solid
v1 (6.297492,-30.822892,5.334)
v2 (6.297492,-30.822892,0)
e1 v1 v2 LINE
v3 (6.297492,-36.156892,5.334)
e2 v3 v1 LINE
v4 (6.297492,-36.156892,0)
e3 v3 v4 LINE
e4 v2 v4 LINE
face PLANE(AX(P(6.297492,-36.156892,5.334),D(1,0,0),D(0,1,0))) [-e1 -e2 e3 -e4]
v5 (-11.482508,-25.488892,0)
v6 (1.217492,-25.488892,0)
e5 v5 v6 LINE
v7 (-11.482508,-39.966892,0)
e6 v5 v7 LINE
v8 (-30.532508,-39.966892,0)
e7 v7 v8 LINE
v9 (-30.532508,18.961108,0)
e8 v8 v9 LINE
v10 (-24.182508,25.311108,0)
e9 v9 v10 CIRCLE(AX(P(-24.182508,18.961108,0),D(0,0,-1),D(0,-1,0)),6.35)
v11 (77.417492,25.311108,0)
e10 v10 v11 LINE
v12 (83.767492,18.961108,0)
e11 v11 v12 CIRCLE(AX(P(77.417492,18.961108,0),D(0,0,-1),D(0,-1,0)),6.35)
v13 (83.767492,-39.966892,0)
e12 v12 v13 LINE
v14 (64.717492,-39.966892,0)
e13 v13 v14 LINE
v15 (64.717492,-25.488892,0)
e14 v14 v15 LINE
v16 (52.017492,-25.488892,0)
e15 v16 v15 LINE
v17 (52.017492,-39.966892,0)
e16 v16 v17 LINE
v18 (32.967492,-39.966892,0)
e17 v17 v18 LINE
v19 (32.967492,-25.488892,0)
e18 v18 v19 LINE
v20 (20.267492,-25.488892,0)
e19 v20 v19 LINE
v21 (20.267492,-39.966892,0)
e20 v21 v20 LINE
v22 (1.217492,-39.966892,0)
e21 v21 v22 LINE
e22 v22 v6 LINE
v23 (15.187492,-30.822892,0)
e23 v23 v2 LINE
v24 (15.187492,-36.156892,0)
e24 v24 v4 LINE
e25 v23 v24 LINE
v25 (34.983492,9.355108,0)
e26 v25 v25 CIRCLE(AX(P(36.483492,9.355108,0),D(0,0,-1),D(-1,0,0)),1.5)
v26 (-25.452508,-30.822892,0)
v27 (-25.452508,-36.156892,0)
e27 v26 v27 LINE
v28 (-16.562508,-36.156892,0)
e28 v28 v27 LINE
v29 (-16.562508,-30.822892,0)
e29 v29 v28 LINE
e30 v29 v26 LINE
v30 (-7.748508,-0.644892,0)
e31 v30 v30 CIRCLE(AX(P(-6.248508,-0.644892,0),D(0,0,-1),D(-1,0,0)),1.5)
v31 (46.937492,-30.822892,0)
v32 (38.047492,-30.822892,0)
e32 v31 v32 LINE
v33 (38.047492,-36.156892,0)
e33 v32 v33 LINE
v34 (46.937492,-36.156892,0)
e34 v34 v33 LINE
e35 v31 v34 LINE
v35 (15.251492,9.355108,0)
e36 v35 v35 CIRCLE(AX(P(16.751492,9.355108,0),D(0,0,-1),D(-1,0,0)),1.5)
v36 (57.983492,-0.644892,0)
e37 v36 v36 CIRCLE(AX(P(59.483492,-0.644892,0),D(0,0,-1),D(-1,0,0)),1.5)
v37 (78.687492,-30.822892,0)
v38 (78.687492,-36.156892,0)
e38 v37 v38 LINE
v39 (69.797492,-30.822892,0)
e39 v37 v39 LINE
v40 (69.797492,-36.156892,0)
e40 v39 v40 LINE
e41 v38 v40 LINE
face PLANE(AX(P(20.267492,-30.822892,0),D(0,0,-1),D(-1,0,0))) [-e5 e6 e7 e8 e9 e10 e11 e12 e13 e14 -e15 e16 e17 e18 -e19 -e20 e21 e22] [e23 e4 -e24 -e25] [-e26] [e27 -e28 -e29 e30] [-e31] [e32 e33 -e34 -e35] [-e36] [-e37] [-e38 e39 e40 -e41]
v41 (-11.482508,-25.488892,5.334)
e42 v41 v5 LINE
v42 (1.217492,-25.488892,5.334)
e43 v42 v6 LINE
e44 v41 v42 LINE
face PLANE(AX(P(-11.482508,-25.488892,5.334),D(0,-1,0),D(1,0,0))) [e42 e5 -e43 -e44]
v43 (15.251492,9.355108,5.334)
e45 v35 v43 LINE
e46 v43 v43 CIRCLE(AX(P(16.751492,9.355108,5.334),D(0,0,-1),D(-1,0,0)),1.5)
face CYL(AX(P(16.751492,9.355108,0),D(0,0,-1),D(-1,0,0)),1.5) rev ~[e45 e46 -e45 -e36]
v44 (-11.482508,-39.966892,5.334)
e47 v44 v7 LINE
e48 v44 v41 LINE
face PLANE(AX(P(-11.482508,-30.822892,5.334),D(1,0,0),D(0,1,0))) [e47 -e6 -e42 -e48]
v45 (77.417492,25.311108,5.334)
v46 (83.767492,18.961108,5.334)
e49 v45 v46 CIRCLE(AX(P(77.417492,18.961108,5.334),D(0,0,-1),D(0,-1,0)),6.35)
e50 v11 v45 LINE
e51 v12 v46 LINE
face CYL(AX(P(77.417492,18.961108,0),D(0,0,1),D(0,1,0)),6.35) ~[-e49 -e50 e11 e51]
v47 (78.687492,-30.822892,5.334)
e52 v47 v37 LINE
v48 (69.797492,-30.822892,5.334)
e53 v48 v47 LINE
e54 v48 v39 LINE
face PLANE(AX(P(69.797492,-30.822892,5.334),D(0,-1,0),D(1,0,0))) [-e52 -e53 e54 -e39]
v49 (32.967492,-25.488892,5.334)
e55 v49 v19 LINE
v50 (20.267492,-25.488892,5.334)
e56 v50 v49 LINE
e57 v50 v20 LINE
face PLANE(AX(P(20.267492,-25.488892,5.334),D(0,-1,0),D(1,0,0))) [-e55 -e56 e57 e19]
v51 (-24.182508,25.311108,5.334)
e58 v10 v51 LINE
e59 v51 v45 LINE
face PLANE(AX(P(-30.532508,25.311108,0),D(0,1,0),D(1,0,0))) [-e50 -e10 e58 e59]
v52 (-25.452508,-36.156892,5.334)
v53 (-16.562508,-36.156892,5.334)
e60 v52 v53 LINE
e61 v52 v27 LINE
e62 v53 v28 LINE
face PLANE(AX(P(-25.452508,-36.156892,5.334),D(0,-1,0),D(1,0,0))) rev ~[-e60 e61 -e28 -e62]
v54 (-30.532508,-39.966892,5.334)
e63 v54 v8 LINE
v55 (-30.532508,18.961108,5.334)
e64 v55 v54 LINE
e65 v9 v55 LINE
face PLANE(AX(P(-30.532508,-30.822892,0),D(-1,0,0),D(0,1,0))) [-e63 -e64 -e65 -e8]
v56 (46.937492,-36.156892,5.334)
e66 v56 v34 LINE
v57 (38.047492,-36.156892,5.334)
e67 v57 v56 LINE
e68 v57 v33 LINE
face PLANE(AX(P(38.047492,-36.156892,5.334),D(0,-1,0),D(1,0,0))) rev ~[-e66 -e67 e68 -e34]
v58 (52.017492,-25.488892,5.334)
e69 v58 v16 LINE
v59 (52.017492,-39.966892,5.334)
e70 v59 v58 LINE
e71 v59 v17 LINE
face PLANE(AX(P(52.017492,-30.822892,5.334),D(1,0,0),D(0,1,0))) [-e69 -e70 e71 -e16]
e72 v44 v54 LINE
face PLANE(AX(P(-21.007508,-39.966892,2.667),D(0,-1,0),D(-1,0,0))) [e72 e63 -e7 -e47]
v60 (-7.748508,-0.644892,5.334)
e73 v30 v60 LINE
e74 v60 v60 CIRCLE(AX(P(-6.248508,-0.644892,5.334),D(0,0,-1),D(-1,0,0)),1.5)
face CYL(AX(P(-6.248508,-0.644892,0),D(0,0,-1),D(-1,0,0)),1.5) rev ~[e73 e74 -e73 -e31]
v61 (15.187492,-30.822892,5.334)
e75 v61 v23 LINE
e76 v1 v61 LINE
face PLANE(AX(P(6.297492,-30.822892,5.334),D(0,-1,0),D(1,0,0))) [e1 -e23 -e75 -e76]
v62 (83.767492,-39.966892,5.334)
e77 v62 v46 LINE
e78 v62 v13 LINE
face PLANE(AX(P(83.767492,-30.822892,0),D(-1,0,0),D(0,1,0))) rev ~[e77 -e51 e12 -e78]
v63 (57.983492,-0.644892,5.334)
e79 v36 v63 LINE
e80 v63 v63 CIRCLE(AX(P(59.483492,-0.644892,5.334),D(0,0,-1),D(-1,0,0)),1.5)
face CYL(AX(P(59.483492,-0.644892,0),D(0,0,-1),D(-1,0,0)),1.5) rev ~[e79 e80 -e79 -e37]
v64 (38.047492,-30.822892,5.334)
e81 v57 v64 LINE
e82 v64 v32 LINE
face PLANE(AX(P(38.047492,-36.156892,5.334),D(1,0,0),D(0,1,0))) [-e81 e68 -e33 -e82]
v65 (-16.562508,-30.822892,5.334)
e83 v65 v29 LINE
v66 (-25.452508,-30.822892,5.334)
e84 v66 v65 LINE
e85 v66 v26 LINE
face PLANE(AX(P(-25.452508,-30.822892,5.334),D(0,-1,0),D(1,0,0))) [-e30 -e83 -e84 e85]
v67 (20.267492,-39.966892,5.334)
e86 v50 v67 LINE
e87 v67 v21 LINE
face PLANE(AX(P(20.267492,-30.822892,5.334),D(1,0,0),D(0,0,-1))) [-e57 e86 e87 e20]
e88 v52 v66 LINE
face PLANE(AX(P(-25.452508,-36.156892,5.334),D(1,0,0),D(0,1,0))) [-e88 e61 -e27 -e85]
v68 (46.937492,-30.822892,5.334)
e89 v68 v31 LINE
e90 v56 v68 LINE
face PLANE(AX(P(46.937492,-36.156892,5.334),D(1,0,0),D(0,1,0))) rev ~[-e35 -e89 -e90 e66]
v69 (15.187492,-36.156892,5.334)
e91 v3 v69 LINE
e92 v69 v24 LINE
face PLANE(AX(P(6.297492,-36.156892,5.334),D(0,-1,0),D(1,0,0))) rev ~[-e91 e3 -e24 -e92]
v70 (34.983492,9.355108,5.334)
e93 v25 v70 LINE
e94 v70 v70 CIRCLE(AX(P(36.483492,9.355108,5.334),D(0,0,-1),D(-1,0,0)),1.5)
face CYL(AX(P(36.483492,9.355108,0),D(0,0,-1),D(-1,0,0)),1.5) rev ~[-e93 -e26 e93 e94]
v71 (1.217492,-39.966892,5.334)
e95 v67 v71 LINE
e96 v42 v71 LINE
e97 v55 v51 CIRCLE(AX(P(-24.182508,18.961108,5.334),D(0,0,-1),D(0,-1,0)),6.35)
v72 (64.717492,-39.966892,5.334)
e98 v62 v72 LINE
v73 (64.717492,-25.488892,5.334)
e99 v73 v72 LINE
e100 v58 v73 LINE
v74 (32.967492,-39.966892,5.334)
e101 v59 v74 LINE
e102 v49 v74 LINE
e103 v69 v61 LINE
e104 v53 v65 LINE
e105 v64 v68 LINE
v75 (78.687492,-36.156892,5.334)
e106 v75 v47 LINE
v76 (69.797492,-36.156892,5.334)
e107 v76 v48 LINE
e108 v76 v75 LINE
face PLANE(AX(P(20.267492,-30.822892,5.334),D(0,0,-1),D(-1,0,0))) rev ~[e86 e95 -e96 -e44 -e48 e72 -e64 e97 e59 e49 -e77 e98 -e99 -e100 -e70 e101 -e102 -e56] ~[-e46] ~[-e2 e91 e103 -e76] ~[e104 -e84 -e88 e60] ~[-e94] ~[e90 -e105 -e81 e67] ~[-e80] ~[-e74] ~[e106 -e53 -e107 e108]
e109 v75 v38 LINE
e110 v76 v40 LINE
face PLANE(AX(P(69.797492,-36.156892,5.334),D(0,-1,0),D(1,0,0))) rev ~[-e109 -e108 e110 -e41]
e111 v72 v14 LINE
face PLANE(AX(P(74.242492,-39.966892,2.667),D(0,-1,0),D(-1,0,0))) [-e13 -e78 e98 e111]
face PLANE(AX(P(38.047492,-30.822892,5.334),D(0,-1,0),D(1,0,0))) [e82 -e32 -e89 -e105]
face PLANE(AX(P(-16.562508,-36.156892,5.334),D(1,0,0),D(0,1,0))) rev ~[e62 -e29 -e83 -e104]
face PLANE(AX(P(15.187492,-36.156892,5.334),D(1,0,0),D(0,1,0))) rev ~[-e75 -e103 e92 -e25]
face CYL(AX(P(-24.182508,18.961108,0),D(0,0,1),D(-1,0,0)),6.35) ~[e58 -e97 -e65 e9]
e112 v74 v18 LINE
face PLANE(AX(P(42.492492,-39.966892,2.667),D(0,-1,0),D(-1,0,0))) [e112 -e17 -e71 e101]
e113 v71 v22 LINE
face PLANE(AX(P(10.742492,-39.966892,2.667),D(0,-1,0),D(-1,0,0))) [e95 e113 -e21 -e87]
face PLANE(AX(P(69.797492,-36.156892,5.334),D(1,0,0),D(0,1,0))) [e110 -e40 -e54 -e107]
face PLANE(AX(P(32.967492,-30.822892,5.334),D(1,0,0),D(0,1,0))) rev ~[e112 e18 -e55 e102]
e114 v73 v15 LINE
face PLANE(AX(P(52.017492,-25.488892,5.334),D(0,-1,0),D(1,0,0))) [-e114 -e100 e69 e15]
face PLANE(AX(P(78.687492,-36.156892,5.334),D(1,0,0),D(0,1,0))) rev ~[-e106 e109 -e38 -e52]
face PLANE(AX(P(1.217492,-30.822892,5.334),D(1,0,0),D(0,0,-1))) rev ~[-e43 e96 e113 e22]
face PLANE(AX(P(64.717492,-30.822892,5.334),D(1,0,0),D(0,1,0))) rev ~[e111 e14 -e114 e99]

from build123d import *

# Parameters (mm, degrees)
SKETCH1_W           = 114.3
SKETCH1_H           = 56.134
BOSS_EXTRUDE1_DEPTH = 5.334
SKETCH2_W           = 12.7
SKETCH2_H           = 5.334
CUT_EXTRUDE1_DEPTH  = 90.417531181
FILLET1_R           = 6.35
SKETCH3_R           = 1.5
CUT_EXTRUDE2_DEPTH  = 90.417531181
SKETCH4_W           = 19.05
SKETCH4_H           = 5.334
BOSS_EXTRUDE2_DEPTH = 9.144
SKETCH6_W           = 8.89
SKETCH6_H           = 5.334
CUT_EXTRUDE3_DEPTH  = 93.966642796


with BuildPart() as part:
    # Sketch1 → Boss-Extrude1 (new body)
    with BuildSketch(Plane.XY):
        with Locations((26.61749153, -2.755892293)):
            Rectangle(SKETCH1_W, SKETCH1_H)
    extrude(amount=BOSS_EXTRUDE1_DEPTH)

    # Sketch2 → Cut-Extrude1 (cut, through all)
    with BuildSketch(Plane.XY.offset(5.334)):
        with Locations((-5.13250847, -28.155892293)):
            Rectangle(SKETCH2_W, SKETCH2_H)
        with Locations((26.61749153, -28.155892293)):
            Rectangle(SKETCH2_W, SKETCH2_H)
        with Locations((58.36749153, -28.155892293)):
            Rectangle(SKETCH2_W, SKETCH2_H)
    extrude(amount=-CUT_EXTRUDE1_DEPTH, mode=Mode.SUBTRACT)

    # Fillet1
    fillet1_edges = [part.edges().sort_by_distance(p)[0] for p in [
        (-30.53250847, 25.311107707, 2.667),
        (83.76749153, 25.311107707, 2.667),
    ]]
    fillet(fillet1_edges, radius=FILLET1_R)

    # Sketch3 → Cut-Extrude2 (cut, through all)
    with BuildSketch(Plane(origin=(0, 0, 0), x_dir=(-1, 0, 0), z_dir=(0, 0, -1))):
        with Locations((6.24850847, -0.644892293)):
            Circle(SKETCH3_R)
        with Locations((-16.75149153, 9.355107707)):
            Circle(SKETCH3_R)
        with Locations((-59.48349153, -0.644892293)):
            Circle(SKETCH3_R)
        with Locations((-36.48349153, 9.355107707)):
            Circle(SKETCH3_R)
    extrude(amount=-CUT_EXTRUDE2_DEPTH, mode=Mode.SUBTRACT)

    # Sketch4 → Boss-Extrude2 (add)
    with BuildSketch(Plane(origin=(0, -30.822892293, 0), x_dir=(-1, 0, 0), z_dir=(0, -1, 0))):
        with Locations((-10.74249153, -2.667)):
            Rectangle(SKETCH4_W, SKETCH4_H)
        with Locations((21.00750847, -2.667)):
            Rectangle(SKETCH4_W, SKETCH4_H)
        with Locations((-42.49249153, -2.667)):
            Rectangle(SKETCH4_W, SKETCH4_H)
        with Locations((-74.24249153, -2.667)):
            Rectangle(SKETCH4_W, SKETCH4_H)
    extrude(amount=BOSS_EXTRUDE2_DEPTH)

    # Sketch6 → Cut-Extrude3 (cut, through all)
    with BuildSketch(Plane.XY.offset(5.334)):
        with Locations((-21.00750847, -33.489892293)):
            Rectangle(SKETCH6_W, SKETCH6_H)
        with Locations((10.74249153, -33.489892293)):
            Rectangle(SKETCH6_W, SKETCH6_H)
        with Locations((42.49249153, -33.489892293)):
            Rectangle(SKETCH6_W, SKETCH6_H)
        with Locations((74.24249153, -33.489892293)):
            Rectangle(SKETCH6_W, SKETCH6_H)
    extrude(amount=-CUT_EXTRUDE3_DEPTH, mode=Mode.SUBTRACT)


solid = part.part
